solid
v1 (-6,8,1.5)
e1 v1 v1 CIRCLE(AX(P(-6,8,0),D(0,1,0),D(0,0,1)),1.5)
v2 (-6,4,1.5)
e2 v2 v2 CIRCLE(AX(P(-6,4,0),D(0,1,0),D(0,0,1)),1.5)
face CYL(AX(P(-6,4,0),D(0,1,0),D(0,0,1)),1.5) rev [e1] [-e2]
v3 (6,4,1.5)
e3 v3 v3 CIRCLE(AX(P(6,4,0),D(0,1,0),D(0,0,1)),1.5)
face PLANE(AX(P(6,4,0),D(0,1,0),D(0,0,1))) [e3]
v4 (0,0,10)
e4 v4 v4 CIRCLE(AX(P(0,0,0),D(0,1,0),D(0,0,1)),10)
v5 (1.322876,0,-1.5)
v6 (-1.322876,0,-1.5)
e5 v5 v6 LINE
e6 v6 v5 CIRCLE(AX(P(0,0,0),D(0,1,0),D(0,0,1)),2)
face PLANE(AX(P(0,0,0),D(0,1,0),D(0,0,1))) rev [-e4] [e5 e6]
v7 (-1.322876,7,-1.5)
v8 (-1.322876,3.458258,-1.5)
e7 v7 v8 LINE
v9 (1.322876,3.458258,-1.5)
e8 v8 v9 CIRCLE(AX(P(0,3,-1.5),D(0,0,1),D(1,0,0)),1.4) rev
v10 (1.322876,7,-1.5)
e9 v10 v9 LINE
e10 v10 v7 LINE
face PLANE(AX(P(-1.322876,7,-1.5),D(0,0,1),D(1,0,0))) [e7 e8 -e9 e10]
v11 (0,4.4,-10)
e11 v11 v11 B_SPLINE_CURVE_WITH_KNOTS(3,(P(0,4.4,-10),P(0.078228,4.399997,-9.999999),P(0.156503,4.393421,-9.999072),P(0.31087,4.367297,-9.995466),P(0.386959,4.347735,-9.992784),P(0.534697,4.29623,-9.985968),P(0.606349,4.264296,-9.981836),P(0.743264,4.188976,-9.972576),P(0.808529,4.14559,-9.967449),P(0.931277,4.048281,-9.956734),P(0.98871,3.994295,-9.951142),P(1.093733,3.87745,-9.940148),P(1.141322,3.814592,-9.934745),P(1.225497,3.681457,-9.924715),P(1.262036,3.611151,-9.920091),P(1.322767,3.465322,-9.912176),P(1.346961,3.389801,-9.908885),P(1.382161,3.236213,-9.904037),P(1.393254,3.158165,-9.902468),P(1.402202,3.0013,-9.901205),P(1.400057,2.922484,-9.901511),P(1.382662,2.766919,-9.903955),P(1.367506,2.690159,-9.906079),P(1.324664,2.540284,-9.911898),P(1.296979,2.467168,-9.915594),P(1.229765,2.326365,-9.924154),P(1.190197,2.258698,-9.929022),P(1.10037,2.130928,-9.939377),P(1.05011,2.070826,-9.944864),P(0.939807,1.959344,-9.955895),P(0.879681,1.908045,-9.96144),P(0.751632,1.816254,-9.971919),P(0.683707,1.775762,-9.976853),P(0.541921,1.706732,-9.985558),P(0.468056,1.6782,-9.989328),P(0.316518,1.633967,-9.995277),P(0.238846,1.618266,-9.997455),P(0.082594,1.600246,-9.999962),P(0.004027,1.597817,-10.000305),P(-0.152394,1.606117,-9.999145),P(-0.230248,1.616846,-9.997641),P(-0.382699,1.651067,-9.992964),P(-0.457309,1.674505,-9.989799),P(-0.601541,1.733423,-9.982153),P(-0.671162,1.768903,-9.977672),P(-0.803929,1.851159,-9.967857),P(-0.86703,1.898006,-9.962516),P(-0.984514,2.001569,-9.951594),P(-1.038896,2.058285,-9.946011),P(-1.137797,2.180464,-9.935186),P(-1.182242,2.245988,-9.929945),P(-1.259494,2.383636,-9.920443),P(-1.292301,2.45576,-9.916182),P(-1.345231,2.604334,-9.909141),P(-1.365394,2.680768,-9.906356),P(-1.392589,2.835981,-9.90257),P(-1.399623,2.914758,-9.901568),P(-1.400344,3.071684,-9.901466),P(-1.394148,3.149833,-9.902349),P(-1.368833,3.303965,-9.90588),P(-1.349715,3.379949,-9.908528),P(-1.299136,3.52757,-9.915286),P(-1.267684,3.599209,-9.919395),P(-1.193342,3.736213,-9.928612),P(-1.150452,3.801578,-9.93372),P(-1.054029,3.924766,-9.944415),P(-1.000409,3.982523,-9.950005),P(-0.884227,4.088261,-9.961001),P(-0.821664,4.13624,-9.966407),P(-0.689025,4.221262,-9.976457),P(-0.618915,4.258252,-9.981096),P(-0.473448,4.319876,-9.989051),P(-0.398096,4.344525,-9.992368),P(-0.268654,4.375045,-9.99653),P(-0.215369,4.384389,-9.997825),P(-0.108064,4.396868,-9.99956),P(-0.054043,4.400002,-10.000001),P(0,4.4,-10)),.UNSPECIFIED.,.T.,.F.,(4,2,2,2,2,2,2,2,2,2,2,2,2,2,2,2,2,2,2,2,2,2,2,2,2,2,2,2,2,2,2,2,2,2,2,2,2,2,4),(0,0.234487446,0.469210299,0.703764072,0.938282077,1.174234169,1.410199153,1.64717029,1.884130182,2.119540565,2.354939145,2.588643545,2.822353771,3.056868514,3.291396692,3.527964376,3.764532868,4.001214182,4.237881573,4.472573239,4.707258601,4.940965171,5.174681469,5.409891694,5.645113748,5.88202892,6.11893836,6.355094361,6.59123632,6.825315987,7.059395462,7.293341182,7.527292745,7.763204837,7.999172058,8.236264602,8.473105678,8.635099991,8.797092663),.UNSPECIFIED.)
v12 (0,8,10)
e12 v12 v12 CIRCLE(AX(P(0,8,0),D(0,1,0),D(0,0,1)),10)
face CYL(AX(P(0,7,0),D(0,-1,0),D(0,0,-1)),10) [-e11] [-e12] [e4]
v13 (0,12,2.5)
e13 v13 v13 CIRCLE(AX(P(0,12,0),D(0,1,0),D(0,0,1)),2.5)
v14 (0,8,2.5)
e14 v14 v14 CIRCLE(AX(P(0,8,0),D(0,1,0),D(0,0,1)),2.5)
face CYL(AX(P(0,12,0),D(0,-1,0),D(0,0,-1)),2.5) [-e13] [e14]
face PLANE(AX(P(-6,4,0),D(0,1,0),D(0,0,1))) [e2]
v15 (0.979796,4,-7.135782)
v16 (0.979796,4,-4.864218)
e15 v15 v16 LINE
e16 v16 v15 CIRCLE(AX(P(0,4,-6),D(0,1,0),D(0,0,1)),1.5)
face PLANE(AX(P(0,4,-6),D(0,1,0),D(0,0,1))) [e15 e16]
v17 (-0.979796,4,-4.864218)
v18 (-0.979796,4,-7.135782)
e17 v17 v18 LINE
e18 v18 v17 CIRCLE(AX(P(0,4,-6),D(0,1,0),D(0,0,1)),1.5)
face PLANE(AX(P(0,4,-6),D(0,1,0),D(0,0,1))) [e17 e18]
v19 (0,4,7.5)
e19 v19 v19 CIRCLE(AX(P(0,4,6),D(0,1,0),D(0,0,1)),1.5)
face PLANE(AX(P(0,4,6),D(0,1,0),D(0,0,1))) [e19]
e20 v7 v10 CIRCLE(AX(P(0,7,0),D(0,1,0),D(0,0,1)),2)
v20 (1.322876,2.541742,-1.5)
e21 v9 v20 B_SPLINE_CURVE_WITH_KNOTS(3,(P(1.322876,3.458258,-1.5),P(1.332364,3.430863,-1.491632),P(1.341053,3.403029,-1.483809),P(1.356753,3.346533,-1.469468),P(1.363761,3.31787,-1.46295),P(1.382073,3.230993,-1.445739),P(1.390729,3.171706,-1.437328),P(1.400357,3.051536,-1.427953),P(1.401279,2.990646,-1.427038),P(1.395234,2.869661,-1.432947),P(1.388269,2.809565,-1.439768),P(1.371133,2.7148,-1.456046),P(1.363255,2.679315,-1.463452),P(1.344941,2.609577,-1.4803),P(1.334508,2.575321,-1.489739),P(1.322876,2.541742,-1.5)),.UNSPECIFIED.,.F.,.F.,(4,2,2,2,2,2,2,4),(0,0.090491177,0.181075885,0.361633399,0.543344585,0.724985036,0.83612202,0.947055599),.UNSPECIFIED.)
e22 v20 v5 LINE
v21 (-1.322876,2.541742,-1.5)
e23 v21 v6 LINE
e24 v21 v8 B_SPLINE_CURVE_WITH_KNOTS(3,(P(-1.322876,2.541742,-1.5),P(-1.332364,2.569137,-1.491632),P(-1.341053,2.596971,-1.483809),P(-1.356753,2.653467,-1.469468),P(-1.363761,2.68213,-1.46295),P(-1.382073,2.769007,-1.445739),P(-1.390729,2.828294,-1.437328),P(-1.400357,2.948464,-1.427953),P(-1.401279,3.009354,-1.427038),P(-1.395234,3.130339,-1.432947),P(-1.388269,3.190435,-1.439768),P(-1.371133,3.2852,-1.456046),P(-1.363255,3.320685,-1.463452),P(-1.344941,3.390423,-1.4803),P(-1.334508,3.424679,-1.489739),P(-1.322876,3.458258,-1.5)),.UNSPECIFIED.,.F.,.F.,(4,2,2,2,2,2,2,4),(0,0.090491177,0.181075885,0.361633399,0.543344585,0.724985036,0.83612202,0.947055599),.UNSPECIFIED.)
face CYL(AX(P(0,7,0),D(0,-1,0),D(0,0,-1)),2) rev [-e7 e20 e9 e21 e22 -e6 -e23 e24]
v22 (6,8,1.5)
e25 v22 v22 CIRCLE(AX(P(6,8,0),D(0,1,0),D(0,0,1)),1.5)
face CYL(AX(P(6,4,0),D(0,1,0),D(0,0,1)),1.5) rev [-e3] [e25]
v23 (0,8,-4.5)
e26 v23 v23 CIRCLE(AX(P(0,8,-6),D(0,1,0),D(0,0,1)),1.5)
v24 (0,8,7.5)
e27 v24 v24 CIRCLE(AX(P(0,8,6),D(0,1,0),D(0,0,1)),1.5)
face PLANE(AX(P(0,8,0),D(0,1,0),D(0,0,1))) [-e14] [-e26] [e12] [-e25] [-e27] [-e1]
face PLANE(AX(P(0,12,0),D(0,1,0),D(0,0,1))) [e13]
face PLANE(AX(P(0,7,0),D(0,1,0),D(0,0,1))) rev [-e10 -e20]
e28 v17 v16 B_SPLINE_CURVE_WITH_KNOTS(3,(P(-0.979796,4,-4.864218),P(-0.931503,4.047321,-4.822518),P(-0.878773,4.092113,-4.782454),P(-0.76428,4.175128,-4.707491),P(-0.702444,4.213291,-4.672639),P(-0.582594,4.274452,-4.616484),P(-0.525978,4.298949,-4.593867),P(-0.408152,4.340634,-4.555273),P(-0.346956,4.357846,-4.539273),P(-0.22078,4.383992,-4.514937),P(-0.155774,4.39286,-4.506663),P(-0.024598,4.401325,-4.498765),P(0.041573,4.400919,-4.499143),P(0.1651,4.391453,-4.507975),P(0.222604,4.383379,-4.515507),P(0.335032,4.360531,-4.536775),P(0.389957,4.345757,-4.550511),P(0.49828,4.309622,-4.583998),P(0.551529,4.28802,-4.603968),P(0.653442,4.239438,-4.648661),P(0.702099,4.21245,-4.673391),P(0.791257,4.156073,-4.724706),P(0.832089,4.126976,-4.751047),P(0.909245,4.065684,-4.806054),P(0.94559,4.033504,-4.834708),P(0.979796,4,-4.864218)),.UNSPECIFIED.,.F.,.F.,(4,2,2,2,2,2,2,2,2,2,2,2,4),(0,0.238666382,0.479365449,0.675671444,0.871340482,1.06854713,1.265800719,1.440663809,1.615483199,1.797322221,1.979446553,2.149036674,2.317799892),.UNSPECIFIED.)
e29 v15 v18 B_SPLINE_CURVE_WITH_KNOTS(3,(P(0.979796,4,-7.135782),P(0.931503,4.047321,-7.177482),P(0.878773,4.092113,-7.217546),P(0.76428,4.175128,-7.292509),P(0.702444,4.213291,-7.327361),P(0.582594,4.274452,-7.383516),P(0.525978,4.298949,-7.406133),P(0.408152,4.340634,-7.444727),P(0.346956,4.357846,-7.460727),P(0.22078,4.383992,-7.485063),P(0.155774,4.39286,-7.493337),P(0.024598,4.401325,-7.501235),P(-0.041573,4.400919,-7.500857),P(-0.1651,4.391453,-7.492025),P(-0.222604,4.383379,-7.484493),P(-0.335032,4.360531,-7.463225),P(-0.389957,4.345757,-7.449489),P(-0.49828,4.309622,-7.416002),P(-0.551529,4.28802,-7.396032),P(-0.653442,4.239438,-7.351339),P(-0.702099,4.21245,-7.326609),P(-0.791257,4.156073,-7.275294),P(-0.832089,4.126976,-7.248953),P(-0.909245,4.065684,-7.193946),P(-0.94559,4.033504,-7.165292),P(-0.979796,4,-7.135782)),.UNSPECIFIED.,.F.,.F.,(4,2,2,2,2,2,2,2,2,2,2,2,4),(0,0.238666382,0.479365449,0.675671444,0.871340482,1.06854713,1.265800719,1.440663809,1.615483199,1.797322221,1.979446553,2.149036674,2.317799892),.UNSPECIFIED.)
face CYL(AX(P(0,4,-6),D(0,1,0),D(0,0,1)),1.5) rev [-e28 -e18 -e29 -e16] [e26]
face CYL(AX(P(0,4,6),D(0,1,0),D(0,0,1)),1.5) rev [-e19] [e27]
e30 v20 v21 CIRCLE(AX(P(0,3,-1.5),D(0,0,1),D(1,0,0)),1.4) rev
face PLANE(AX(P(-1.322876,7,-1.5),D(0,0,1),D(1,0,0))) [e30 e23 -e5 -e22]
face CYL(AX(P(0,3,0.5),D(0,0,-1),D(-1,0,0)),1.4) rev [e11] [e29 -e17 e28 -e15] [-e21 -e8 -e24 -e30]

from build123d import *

# Parameters (mm, degrees)
SKETCH1_R               = 10
BOSS_EXTRUDE1_DEPTH     = 7
SKETCH2_R               = 10
BOSS_EXTRUDE2_DEPTH     = 1
SKETCH3_R               = 2.5
BOSS_EXTRUDE3_DEPTH     = 4
SKETCH4_R               = 1.5
CUT_EXTRUDE1_DEPTH      = 4
CUT_EXTRUDE2_DEPTH      = 2
CUT_EXTRUDE2_DEPTH_BACK = 20.397164741
SKETCH5_R               = 1.4


with BuildPart() as part:
    # Sketch1 → Boss-Extrude1 (new body)
    with BuildSketch(Plane(origin=(0, 0, 0), x_dir=(1, 0, 0), z_dir=(0, 1, 0))):
        Circle(SKETCH1_R)
        with BuildLine():
            Line((-1.322875656, 1.5), (1.322875656, 1.5))
            ThreePointArc((1.322875656, 1.5), (0, -2), (-1.322875656, 1.5))
        make_face(mode=Mode.SUBTRACT)
    extrude(amount=BOSS_EXTRUDE1_DEPTH)

    # Sketch2 → Boss-Extrude2 (add)
    with BuildSketch(Plane(origin=(0, 7, 0), x_dir=(1, 0, 0), z_dir=(0, 1, 0))):
        Circle(SKETCH2_R)
    extrude(amount=BOSS_EXTRUDE2_DEPTH)

    # Sketch3 → Boss-Extrude3 (add)
    with BuildSketch(Plane(origin=(0, 8, 0), x_dir=(1, 0, 0), z_dir=(0, 1, 0))):
        Circle(SKETCH3_R)
    extrude(amount=BOSS_EXTRUDE3_DEPTH)

    # Sketch4 → Cut-Extrude1 (cut)
    with BuildSketch(Plane(origin=(0, 8, 0), x_dir=(1, 0, 0), z_dir=(0, 1, 0))):
        with Locations((6, 0)):
            Circle(SKETCH4_R)
        with Locations((0, -6)):
            Circle(SKETCH4_R)
        with Locations((-6, 0)):
            Circle(SKETCH4_R)
        with Locations((0, 6)):
            Circle(SKETCH4_R)
    extrude(amount=-CUT_EXTRUDE1_DEPTH, mode=Mode.SUBTRACT)

    # Sketch5 → Cut-Extrude2 (cut, two sides: drawn at the far end of the back side and taken through both)
    with BuildSketch(Plane.XY.offset(-1.5).offset(-CUT_EXTRUDE2_DEPTH_BACK)):
        with Locations((0, 3)):
            Circle(SKETCH5_R)
    extrude(amount=CUT_EXTRUDE2_DEPTH + CUT_EXTRUDE2_DEPTH_BACK, mode=Mode.SUBTRACT)


solid = part.part
